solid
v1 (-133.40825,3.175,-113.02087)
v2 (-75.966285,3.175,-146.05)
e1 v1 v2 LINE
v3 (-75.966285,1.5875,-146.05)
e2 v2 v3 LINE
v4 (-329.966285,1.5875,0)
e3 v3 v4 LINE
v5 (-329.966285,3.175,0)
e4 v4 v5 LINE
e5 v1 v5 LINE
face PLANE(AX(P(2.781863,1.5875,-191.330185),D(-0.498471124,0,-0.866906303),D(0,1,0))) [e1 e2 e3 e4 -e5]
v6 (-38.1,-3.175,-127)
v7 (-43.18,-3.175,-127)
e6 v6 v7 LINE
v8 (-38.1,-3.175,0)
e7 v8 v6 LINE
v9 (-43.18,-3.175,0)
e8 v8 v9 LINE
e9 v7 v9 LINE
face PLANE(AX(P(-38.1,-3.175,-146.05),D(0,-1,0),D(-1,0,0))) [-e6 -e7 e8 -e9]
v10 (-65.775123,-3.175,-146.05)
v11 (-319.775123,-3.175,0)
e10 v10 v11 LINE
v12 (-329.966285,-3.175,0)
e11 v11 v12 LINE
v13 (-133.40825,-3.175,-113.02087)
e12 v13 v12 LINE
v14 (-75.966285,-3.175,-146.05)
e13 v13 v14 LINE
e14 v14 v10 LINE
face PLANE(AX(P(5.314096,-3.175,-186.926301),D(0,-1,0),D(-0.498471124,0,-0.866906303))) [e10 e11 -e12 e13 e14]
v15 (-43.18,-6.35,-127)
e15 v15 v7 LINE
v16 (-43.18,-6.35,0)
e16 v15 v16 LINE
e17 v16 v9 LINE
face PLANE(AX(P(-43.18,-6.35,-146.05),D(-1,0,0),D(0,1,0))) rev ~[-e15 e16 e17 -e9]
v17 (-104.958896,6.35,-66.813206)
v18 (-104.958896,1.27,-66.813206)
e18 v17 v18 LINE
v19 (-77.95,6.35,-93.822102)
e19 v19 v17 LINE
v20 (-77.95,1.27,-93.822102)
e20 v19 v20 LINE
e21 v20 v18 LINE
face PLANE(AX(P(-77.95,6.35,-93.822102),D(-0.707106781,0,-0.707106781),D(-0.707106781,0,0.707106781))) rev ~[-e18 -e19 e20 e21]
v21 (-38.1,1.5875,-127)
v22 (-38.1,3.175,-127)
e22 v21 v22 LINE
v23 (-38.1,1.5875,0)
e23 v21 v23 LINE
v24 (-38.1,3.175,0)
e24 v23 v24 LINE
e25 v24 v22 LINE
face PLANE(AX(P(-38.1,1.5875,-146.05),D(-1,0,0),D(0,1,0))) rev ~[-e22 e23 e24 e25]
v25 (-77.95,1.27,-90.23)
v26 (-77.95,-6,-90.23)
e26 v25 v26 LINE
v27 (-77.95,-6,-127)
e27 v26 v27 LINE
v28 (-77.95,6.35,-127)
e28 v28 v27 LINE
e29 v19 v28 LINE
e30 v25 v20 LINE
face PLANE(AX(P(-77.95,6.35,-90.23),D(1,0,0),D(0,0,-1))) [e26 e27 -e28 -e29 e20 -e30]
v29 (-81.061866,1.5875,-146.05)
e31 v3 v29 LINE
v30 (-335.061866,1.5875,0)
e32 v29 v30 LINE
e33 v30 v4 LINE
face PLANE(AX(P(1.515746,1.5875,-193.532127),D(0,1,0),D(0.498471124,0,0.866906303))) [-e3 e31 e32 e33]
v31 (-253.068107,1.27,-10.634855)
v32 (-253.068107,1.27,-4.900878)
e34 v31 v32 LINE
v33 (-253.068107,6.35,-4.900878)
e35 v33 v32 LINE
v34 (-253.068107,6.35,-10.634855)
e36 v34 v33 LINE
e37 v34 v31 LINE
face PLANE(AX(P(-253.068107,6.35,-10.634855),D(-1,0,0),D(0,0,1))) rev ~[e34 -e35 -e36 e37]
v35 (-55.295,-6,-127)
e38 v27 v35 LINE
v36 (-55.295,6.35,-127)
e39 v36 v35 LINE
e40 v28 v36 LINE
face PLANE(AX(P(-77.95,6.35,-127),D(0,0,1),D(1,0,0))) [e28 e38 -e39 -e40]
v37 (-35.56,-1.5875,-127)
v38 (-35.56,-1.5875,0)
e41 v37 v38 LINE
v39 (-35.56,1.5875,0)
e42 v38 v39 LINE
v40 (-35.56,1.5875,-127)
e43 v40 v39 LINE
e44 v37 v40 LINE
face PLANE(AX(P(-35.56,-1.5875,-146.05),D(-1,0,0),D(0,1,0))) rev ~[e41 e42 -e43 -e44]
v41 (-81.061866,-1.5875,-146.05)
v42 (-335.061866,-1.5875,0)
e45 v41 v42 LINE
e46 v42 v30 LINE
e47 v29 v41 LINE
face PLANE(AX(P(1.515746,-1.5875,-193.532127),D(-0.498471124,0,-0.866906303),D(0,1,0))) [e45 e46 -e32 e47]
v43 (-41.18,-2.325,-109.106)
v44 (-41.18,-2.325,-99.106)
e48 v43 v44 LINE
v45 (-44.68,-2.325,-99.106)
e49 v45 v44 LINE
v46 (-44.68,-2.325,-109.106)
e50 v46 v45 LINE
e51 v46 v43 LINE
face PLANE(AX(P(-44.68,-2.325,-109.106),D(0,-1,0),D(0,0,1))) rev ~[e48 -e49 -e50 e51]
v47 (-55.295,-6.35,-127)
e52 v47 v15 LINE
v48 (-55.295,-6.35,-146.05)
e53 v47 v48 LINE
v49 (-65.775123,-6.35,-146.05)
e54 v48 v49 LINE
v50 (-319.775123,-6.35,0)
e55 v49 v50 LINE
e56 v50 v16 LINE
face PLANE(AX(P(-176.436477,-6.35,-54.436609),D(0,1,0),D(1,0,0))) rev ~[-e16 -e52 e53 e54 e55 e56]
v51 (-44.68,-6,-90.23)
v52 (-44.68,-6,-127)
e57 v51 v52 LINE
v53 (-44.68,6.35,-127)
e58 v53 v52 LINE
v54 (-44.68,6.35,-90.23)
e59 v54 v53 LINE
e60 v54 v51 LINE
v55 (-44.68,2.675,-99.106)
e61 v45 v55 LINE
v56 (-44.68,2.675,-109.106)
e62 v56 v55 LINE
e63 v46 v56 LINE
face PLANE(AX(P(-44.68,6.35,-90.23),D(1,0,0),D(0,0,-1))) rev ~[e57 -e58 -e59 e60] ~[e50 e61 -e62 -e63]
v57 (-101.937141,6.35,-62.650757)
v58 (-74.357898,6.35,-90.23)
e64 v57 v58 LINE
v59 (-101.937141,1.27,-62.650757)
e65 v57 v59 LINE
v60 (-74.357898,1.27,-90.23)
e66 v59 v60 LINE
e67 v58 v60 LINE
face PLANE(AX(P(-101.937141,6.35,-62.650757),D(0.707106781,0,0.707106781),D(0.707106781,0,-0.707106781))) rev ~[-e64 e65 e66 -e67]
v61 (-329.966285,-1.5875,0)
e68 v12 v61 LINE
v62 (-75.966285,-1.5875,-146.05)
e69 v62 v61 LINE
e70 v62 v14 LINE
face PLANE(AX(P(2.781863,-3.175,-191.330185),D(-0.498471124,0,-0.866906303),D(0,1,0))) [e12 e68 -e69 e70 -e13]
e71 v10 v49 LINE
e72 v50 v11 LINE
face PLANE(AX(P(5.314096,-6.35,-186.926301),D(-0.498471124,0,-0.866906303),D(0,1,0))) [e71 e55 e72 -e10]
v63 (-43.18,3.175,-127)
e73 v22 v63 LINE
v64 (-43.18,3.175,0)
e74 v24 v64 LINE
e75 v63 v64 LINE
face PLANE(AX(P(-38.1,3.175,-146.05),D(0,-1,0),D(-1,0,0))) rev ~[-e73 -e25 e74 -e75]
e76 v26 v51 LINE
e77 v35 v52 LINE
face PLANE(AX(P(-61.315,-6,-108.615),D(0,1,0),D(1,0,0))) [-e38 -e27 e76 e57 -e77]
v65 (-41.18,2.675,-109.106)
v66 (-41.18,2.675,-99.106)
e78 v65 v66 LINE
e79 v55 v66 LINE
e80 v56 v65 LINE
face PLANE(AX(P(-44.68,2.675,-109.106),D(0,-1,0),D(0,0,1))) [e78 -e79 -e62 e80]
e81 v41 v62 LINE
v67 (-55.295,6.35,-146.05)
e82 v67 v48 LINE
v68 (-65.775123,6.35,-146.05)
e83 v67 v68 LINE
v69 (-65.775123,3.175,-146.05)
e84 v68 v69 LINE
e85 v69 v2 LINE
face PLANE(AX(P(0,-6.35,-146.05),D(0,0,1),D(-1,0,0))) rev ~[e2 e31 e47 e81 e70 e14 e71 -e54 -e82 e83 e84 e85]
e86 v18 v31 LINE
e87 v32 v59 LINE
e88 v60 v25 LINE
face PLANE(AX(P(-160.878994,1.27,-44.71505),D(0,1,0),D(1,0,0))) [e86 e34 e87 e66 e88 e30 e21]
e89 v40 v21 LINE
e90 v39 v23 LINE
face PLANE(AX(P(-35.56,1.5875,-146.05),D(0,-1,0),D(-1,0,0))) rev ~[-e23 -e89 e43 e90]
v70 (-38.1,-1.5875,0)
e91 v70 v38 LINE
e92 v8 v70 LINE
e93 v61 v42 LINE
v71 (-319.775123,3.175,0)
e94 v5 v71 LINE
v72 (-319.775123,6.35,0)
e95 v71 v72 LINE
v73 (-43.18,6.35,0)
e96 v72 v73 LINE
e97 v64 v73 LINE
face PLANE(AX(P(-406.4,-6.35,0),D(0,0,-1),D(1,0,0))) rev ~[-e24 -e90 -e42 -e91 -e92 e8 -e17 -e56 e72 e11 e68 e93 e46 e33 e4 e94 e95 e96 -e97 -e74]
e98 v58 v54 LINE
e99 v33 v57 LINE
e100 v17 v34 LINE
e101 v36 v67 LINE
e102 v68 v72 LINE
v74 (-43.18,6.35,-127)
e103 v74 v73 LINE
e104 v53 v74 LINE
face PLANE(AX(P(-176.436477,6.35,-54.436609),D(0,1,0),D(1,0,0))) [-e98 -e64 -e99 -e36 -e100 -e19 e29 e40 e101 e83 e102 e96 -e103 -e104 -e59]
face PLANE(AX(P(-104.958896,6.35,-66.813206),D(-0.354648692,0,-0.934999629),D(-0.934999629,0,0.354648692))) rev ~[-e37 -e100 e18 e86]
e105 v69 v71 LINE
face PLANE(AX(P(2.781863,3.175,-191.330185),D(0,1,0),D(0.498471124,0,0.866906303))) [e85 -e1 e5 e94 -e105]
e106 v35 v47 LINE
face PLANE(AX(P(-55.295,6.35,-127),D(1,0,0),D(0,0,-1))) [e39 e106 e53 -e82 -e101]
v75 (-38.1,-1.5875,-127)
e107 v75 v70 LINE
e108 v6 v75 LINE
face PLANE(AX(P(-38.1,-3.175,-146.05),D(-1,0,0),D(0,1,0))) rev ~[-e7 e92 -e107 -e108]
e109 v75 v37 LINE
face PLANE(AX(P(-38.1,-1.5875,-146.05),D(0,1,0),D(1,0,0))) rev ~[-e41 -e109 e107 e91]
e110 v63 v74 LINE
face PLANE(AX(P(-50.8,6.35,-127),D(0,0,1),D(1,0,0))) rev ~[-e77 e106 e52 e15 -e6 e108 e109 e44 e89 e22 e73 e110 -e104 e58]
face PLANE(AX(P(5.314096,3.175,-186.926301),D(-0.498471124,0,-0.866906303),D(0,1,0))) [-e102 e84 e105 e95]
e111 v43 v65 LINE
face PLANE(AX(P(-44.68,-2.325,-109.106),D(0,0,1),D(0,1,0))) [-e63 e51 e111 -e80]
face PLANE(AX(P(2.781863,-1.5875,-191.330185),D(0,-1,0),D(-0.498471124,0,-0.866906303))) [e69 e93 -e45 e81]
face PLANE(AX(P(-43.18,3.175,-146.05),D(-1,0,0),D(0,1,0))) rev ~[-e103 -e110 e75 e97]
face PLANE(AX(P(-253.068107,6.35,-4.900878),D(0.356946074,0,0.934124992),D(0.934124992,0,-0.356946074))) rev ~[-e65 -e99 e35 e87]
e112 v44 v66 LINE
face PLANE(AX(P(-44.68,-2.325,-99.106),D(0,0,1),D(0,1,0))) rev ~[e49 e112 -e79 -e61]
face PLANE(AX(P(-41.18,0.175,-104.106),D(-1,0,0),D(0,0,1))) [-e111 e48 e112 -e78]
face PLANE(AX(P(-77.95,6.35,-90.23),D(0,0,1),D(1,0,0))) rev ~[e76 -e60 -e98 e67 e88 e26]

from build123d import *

# Parameters (mm, degrees)
BOSS_EXTRUDE1_DEPTH      = 6.35
BOSS_EXTRUDE1_DEPTH_BACK = 6.35
SKETCH2_W                = 292.995908675
SKETCH2_H                = 3.175
CUT_EXTRUDE1_DEPTH       = 38.1
SKETCH3_W                = 146.05
SKETCH3_H                = 3.175
CUT_EXTRUDE2_DEPTH       = 38.1
CUT_EXTRUDE3_DEPTH       = 3.175
CUT_EXTRUDE4_DEPTH       = 3.175
SKETCH6_W                = 5.08
SKETCH6_H                = 3.175
CUT_EXTRUDE5_DEPTH       = 157.099
CUT_EXTRUDE6_DEPTH       = 339.217
CUT_EXTRUDE6_DEPTH_BACK  = 157.099
SKETCH9_W                = 50.8
SKETCH9_H                = 19.05
CUT_EXTRUDE7_DEPTH       = 21.59
SKETCH10_W               = 33.269999954
SKETCH10_H               = 36.77000012
CUT_EXTRUDE9_DEPTH       = 12.35
SKETCH11_W               = 4.495000048
SKETCH11_H               = 19.05
CUT_EXTRUDE10_DEPTH      = 366.729881683
CUT_EXTRUDE11_DEPTH      = 5.08
SKETCH13_W               = 10.000000066
SKETCH13_H               = 4.999999906
CUT_EXTRUDE13_DEPTH      = 3.5


with BuildPart() as part:
    # Sketch1 → Boss-Extrude1 (new, two sides: drawn at the far end of the back side and taken through both)
    with BuildSketch(Plane(origin=(0, 0, 0), x_dir=(1, 0, 0), z_dir=(0, 1, 0)).offset(-BOSS_EXTRUDE1_DEPTH_BACK)):
        Polygon((-406.4, 0), (0, 0), (0, 146.05), (-152.4, 146.05), align=None)
    extrude(amount=BOSS_EXTRUDE1_DEPTH + BOSS_EXTRUDE1_DEPTH_BACK)

    # Sketch2 → Cut-Extrude1 (cut)
    with BuildSketch(Plane(origin=(-100.979614843, 0, -175.616721465), x_dir=(-0.8669063030575352, 0, 0.49847112425808277), z_dir=(-0.4984711242580827, 0, -0.8669063030575351))):
        with Locations((205.812767226, 4.7625)):
            Rectangle(SKETCH2_W, SKETCH2_H)
        with Locations((205.812767226, -4.7625)):
            Rectangle(SKETCH2_W, SKETCH2_H)
    extrude(amount=-CUT_EXTRUDE1_DEPTH, mode=Mode.SUBTRACT)

    # Sketch3 → Cut-Extrude2 (cut)
    with BuildSketch(Plane(origin=(0, 0, 0), x_dir=(0, 0, -1), z_dir=(1, 0, 0))):
        with Locations((73.025, 4.7625)):
            Rectangle(SKETCH3_W, SKETCH3_H)
        with Locations((73.025, -4.7625)):
            Rectangle(SKETCH3_W, SKETCH3_H)
    extrude(amount=-CUT_EXTRUDE2_DEPTH, mode=Mode.SUBTRACT)

    # Sketch4 → Cut-Extrude3 (cut)
    with BuildSketch(Plane(origin=(0, 6.35, 0), x_dir=(1, 0, 0), z_dir=(0, 1, 0))):
        Polygon((-133.408250166, 113.020869854), (-75.966284694, 146.05), (-152.4, 146.05), align=None)
    extrude(amount=-CUT_EXTRUDE3_DEPTH, mode=Mode.SUBTRACT)

    # Sketch5 → Cut-Extrude4 (cut)
    with BuildSketch(Plane.XZ.offset(6.35)):
        Polygon((-133.408250166, -113.020869854), (-75.966284694, -146.05), (-152.4, -146.05), align=None)
    extrude(amount=-CUT_EXTRUDE4_DEPTH, mode=Mode.SUBTRACT)

    # Sketch6 → Cut-Extrude5 (cut)
    with BuildSketch(Plane(origin=(0, 0, -146.05), x_dir=(-1, 0, 0), z_dir=(0, 0, -1))):
        Polygon((0, -3.175), (38.1, -3.175), (38.1, -1.5875), (35.56, -1.5875), (35.56, 1.5875), (38.1, 1.5875), (38.1, 3.175), (0, 3.175), align=None)
        with Locations((40.64, -4.7625)):
            Rectangle(SKETCH6_W, SKETCH6_H)
        with Locations((40.64, 4.7625)):
            Rectangle(SKETCH6_W, SKETCH6_H)
    extrude(amount=-CUT_EXTRUDE5_DEPTH, mode=Mode.SUBTRACT)

    # Sketch8 → Cut-Extrude6 (cut, two sides: drawn at the far end of the back side and taken through both)
    with BuildSketch(Plane(origin=(-51.420385157, 0, 29.566721465), x_dir=(0.49847112425808243, 0, 0.8669063030575355), z_dir=(-0.8669063030575355, 0, 0.49847112425808243)).offset(-CUT_EXTRUDE6_DEPTH_BACK)):
        Polygon((-164.478664898, 1.5875), (-164.478664898, 3.175), (-159.398664898, 3.175), (-159.398664898, 6.35), (-164.478664898, 6.35), (-202.578664898, 6.35), (-202.578664898, -6.35), (-164.478664898, -6.35), (-159.398664898, -6.35), (-159.398664898, -3.175), (-164.478664898, -3.175), (-164.478664898, -1.5875), (-167.018664898, -1.5875), (-167.018664898, 1.5875), align=None)
    extrude(amount=CUT_EXTRUDE6_DEPTH + CUT_EXTRUDE6_DEPTH_BACK, mode=Mode.SUBTRACT)

    # Sketch9 → Cut-Extrude7 (cut)
    with BuildSketch(Plane(origin=(0, 6.35, 0), x_dir=(1, 0, 0), z_dir=(0, 1, 0))):
        with Locations((-25.4, 136.525)):
            Rectangle(SKETCH9_W, SKETCH9_H)
    extrude(amount=-CUT_EXTRUDE7_DEPTH, mode=Mode.SUBTRACT)

    # Sketch10 → Cut-Extrude9 (cut)
    with BuildSketch(Plane(origin=(0, 6.35, 0), x_dir=(1, 0, 0), z_dir=(0, 1, 0))):
        with Locations((-61.315000025, 108.61499994)):
            Rectangle(SKETCH10_W, SKETCH10_H)
    extrude(amount=-CUT_EXTRUDE9_DEPTH, mode=Mode.SUBTRACT)

    # Sketch11 → Cut-Extrude10 (cut, through all)
    with BuildSketch(Plane(origin=(0, 6.35, 0), x_dir=(1, 0, 0), z_dir=(0, 1, 0))):
        with Locations((-53.047500024, 136.525)):
            Rectangle(SKETCH11_W, SKETCH11_H)
    extrude(amount=-CUT_EXTRUDE10_DEPTH, mode=Mode.SUBTRACT)

    # Sketch12 → Cut-Extrude11 (cut)
    with BuildSketch(Plane(origin=(0, 6.35, 0), x_dir=(1, 0, 0), z_dir=(0, 1, 0))):
        Polygon((-74.357897554, 90.22999988), (-77.950000002, 90.22999988), (-77.950000002, 93.822102328), (-104.958896043, 66.813206287), (-253.068107346, 10.634854577), (-253.068107346, 4.900877803), (-101.937140583, 62.65075685), align=None)
    extrude(amount=-CUT_EXTRUDE11_DEPTH, mode=Mode.SUBTRACT)

    # Sketch13 → Cut-Extrude13 (cut)
    with BuildSketch(Plane.ZY.offset(44.680000048)):
        with Locations((-104.106, 0.175)):
            Rectangle(SKETCH13_W, SKETCH13_H)
    extrude(amount=-CUT_EXTRUDE13_DEPTH, mode=Mode.SUBTRACT)


solid = part.part
